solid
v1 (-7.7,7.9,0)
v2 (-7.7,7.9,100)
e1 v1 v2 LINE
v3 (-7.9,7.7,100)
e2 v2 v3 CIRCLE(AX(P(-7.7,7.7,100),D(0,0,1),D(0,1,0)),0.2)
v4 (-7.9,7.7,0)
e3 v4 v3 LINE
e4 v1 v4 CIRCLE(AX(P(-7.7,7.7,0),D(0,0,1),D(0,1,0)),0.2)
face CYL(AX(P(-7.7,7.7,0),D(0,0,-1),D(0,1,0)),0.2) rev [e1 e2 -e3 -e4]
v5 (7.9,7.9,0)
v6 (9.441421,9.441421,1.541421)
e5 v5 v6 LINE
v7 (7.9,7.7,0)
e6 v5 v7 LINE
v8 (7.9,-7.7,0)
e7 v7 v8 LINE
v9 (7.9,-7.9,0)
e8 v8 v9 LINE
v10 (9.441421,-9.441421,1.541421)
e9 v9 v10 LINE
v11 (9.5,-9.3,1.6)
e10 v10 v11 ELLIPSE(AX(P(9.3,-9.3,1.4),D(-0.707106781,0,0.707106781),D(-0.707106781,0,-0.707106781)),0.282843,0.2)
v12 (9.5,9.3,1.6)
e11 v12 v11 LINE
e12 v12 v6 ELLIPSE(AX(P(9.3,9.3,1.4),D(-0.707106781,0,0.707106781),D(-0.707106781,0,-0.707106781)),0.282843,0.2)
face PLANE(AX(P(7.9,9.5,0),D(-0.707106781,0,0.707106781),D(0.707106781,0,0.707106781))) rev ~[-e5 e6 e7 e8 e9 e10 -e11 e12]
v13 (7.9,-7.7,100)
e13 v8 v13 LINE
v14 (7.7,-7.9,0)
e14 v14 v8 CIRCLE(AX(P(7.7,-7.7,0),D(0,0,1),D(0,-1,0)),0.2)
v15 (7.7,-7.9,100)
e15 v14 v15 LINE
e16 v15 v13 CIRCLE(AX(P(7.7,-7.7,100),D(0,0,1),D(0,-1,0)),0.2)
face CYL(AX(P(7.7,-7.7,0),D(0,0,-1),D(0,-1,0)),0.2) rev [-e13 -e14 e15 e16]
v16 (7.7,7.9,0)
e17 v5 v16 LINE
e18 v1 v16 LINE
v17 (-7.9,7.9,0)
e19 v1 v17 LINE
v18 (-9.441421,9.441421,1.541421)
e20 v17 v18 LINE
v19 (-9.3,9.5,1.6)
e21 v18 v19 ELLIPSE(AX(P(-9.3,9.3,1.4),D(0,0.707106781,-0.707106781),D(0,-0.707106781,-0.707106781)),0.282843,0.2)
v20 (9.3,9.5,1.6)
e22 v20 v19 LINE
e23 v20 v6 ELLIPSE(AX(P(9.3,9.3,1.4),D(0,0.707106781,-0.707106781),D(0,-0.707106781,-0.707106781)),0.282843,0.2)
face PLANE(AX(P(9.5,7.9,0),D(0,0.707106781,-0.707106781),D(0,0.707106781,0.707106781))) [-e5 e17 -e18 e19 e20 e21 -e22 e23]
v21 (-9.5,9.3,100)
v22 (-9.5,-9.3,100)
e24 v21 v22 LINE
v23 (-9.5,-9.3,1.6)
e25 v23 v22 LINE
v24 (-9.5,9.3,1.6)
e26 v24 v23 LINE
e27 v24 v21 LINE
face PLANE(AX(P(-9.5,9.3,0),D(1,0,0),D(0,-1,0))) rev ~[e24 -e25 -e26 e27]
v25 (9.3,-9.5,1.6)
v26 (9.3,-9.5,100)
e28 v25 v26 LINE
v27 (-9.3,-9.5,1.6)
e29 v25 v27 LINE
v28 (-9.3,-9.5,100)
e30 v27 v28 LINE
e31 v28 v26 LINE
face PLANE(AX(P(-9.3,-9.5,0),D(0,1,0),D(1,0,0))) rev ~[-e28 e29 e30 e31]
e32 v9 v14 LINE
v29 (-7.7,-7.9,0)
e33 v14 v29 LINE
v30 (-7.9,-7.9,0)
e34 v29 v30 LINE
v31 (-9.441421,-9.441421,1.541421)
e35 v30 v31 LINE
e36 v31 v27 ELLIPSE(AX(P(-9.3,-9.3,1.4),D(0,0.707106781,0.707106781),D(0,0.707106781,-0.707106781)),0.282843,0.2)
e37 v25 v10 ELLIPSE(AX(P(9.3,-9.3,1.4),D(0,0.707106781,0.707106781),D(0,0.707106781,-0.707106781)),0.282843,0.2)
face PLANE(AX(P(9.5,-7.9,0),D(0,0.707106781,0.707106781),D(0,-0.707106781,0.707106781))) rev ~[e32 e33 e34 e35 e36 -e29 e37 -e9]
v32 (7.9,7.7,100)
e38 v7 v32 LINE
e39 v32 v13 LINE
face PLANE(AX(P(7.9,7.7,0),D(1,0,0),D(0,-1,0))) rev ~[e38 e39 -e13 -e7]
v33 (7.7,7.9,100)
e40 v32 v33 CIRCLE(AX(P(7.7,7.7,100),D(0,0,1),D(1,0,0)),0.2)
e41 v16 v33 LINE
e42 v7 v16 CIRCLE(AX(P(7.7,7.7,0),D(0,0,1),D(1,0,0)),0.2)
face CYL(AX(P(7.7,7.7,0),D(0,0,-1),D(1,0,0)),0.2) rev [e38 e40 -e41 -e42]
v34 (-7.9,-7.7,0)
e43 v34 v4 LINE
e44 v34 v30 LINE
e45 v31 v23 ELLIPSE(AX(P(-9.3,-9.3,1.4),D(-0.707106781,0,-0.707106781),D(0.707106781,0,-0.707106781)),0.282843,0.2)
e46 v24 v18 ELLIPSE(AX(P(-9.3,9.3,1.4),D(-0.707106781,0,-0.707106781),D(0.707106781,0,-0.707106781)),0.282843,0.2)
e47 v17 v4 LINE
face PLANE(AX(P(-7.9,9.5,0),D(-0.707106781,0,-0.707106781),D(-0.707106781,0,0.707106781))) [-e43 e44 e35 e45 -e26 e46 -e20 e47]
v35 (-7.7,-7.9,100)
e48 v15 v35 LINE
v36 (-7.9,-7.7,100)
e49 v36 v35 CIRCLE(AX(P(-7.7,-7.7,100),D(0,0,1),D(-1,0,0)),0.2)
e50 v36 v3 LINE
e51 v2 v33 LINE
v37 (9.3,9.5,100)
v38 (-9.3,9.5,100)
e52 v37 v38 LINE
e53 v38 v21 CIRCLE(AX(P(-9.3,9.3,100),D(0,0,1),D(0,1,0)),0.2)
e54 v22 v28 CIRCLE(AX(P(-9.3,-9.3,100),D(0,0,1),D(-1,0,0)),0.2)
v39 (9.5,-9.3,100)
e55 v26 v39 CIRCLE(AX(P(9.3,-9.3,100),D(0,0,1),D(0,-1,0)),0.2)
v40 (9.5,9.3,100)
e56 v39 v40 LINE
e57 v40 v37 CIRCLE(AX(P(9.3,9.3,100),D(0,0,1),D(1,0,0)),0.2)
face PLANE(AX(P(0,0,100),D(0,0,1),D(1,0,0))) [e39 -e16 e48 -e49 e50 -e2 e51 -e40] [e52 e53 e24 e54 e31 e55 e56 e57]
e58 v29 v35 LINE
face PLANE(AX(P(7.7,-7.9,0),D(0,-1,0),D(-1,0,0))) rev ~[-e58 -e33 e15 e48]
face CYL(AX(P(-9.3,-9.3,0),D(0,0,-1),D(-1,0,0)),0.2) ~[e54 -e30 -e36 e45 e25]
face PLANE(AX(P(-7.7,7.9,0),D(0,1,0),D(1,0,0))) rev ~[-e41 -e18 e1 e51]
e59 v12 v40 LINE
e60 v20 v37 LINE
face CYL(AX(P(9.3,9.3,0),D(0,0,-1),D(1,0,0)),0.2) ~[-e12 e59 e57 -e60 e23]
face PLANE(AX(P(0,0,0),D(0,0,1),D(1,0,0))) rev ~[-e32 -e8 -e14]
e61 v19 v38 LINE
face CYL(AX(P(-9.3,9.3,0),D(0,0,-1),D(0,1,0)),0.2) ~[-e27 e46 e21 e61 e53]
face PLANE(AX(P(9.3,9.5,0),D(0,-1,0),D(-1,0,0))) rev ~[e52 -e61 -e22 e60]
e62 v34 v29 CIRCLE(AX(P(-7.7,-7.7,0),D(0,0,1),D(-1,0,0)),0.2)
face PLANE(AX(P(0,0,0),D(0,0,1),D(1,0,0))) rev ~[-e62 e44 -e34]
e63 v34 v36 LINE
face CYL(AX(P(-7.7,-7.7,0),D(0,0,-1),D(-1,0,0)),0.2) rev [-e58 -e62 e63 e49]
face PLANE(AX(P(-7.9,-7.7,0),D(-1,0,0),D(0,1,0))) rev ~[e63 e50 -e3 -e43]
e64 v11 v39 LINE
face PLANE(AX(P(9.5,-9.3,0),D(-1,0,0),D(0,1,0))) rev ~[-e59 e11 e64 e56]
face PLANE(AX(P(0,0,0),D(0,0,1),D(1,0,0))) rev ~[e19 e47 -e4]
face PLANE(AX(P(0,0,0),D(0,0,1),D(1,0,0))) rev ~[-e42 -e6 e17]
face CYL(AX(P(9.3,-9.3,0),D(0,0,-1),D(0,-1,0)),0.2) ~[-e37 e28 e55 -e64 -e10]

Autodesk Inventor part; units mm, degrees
ref_plane "YZ Plane" through (0, 0, 0) normal (1, 0, 0) x (0, 1, 0)
ref_plane "XZ Plane" through (0, 0, 0) normal (0, 1, 0) x (-1, 0, 0)
ref_plane "XY Plane" through (0, 0, 0) normal (0, 0, 1) x (1, 0, 0)
sketch "Sketch1" plane through (0, 0, 0) normal (0, 0, 1) x (1, 0, 0)
  line L0 (-9.3, -9.5) -> (9.3, -9.5)
  line L1 (9.5, -9.3) -> (9.5, 9.3)
  line L2 (9.3, 9.5) -> (-9.3, 9.5)
  line L3 (-9.5, 9.3) -> (-9.5, -9.3)
  line L4 (-9.5, -9.5) -> (9.5, 9.5) construction
  line L5 (9.5, -9.5) -> (-9.5, 9.5) construction
  line L6 (-7.7, 7.9) -> (7.7, 7.9)
  line L7 (7.9, 7.7) -> (7.9, -7.7)
  line L8 (7.7, -7.9) -> (-7.7, -7.9)
  line L9 (-7.9, -7.7) -> (-7.9, 7.7)
  arc A0 (-7.7, 7.9) -> (-7.9, 7.7) centre (-7.7, 7.7) ccw
  arc A1 (-7.9, -7.7) -> (-7.7, -7.9) centre (-7.7, -7.7) ccw
  arc A2 (7.7, -7.9) -> (7.9, -7.7) centre (7.7, -7.7) ccw
  arc A3 (7.9, 7.7) -> (7.7, 7.9) centre (7.7, 7.7) ccw
  arc A4 (-9.3, 9.5) -> (-9.5, 9.3) centre (-9.3, 9.3) ccw
  arc A5 (-9.5, -9.3) -> (-9.3, -9.5) centre (-9.3, -9.3) ccw
  arc A6 (9.3, -9.5) -> (9.5, -9.3) centre (9.3, -9.3) ccw
  arc A7 (9.5, 9.3) -> (9.3, 9.5) centre (9.3, 9.3) ccw
  point P0 (0, 0)
  dimension "d0" = 19
  dimension "d1" = 19
  dimension "d2" = 1.6
  dimension "d3" = 0.2
  dimension "d4" = 0.2
  dimension "d5" = 0.2
  dimension "d6" = 0.2
  dimension "d7" = 0.2
  dimension "d8" = 0.2
  dimension "d9" = 0.2
  dimension "d10" = 0.2
extrude "Extrusion1" add sketch "Sketch1" along normal blind 100
sketch "Sketch2" plane through (9.5, -9.3, 0) normal (1, 0, 0) x (0, 0, -1)
  line L0 (0, 17.2) -> (-1.6, 18.8)
  line L1 (0, 18.8) -> (-100, 18.8) projected
  line L2 (0, 17.2) -> (2.2627, 17.2) construction
  line L3 (-1.6, 18.8) -> (0, 18.8)
  line L4 (0, 18.8) -> (0, 17.2)
  line L5 (0, 1.4) -> (-100, 1.4) projected
  line L6 (0, 1.4) -> (-1.6, -0.2)
  line L7 (0, -0.2) -> (-100, -0.2) projected
  line L8 (0, 1.4) -> (2.2627, 1.4) construction
  line L9 (-1.6, -0.2) -> (0, -0.2)
  line L10 (0, -0.2) -> (0, 1.4)
  line L11 (0, 0) -> (0, 18.6) projected
  point P0 (0, 9.3)
  dimension "d13" = 135
  dimension "d14" = 135
extrude "Extrusion2" cut sketch "Sketch2" against normal through all
sketch "Sketch3" plane through (-9.3, 9.5, 100) normal (0, 1, 0) x (1, 0, 0)
  line L0 (1.3863, 100) -> (16.0747, 100) construction
  line L1 (-0.2, 98.6) -> (-0.2, 0) projected
  line L2 (18.8, 98.6) -> (18.8, 0) projected
  line L3 (1.4, 100) -> (-0.2, 98.4)
  line L4 (1.4, 100) -> (3.6627, 100) construction
  line L5 (-0.2, 98.4) -> (-0.2, 100)
  line L6 (-0.2, 100) -> (1.4, 100)
  line L7 (17.2, 100) -> (18.8, 98.4)
  line L8 (17.2, 100) -> (19.4627, 100) construction
  line L9 (18.8, 98.4) -> (18.8, 100)
  line L10 (18.8, 100) -> (17.2, 100)
  point P0 (9.3, 100)
  dimension "d18" = 135
  dimension "d19" = 45
extrude "Extrusion3" cut sketch "Sketch3" against normal through all
properties part number "WeldingDemo"
